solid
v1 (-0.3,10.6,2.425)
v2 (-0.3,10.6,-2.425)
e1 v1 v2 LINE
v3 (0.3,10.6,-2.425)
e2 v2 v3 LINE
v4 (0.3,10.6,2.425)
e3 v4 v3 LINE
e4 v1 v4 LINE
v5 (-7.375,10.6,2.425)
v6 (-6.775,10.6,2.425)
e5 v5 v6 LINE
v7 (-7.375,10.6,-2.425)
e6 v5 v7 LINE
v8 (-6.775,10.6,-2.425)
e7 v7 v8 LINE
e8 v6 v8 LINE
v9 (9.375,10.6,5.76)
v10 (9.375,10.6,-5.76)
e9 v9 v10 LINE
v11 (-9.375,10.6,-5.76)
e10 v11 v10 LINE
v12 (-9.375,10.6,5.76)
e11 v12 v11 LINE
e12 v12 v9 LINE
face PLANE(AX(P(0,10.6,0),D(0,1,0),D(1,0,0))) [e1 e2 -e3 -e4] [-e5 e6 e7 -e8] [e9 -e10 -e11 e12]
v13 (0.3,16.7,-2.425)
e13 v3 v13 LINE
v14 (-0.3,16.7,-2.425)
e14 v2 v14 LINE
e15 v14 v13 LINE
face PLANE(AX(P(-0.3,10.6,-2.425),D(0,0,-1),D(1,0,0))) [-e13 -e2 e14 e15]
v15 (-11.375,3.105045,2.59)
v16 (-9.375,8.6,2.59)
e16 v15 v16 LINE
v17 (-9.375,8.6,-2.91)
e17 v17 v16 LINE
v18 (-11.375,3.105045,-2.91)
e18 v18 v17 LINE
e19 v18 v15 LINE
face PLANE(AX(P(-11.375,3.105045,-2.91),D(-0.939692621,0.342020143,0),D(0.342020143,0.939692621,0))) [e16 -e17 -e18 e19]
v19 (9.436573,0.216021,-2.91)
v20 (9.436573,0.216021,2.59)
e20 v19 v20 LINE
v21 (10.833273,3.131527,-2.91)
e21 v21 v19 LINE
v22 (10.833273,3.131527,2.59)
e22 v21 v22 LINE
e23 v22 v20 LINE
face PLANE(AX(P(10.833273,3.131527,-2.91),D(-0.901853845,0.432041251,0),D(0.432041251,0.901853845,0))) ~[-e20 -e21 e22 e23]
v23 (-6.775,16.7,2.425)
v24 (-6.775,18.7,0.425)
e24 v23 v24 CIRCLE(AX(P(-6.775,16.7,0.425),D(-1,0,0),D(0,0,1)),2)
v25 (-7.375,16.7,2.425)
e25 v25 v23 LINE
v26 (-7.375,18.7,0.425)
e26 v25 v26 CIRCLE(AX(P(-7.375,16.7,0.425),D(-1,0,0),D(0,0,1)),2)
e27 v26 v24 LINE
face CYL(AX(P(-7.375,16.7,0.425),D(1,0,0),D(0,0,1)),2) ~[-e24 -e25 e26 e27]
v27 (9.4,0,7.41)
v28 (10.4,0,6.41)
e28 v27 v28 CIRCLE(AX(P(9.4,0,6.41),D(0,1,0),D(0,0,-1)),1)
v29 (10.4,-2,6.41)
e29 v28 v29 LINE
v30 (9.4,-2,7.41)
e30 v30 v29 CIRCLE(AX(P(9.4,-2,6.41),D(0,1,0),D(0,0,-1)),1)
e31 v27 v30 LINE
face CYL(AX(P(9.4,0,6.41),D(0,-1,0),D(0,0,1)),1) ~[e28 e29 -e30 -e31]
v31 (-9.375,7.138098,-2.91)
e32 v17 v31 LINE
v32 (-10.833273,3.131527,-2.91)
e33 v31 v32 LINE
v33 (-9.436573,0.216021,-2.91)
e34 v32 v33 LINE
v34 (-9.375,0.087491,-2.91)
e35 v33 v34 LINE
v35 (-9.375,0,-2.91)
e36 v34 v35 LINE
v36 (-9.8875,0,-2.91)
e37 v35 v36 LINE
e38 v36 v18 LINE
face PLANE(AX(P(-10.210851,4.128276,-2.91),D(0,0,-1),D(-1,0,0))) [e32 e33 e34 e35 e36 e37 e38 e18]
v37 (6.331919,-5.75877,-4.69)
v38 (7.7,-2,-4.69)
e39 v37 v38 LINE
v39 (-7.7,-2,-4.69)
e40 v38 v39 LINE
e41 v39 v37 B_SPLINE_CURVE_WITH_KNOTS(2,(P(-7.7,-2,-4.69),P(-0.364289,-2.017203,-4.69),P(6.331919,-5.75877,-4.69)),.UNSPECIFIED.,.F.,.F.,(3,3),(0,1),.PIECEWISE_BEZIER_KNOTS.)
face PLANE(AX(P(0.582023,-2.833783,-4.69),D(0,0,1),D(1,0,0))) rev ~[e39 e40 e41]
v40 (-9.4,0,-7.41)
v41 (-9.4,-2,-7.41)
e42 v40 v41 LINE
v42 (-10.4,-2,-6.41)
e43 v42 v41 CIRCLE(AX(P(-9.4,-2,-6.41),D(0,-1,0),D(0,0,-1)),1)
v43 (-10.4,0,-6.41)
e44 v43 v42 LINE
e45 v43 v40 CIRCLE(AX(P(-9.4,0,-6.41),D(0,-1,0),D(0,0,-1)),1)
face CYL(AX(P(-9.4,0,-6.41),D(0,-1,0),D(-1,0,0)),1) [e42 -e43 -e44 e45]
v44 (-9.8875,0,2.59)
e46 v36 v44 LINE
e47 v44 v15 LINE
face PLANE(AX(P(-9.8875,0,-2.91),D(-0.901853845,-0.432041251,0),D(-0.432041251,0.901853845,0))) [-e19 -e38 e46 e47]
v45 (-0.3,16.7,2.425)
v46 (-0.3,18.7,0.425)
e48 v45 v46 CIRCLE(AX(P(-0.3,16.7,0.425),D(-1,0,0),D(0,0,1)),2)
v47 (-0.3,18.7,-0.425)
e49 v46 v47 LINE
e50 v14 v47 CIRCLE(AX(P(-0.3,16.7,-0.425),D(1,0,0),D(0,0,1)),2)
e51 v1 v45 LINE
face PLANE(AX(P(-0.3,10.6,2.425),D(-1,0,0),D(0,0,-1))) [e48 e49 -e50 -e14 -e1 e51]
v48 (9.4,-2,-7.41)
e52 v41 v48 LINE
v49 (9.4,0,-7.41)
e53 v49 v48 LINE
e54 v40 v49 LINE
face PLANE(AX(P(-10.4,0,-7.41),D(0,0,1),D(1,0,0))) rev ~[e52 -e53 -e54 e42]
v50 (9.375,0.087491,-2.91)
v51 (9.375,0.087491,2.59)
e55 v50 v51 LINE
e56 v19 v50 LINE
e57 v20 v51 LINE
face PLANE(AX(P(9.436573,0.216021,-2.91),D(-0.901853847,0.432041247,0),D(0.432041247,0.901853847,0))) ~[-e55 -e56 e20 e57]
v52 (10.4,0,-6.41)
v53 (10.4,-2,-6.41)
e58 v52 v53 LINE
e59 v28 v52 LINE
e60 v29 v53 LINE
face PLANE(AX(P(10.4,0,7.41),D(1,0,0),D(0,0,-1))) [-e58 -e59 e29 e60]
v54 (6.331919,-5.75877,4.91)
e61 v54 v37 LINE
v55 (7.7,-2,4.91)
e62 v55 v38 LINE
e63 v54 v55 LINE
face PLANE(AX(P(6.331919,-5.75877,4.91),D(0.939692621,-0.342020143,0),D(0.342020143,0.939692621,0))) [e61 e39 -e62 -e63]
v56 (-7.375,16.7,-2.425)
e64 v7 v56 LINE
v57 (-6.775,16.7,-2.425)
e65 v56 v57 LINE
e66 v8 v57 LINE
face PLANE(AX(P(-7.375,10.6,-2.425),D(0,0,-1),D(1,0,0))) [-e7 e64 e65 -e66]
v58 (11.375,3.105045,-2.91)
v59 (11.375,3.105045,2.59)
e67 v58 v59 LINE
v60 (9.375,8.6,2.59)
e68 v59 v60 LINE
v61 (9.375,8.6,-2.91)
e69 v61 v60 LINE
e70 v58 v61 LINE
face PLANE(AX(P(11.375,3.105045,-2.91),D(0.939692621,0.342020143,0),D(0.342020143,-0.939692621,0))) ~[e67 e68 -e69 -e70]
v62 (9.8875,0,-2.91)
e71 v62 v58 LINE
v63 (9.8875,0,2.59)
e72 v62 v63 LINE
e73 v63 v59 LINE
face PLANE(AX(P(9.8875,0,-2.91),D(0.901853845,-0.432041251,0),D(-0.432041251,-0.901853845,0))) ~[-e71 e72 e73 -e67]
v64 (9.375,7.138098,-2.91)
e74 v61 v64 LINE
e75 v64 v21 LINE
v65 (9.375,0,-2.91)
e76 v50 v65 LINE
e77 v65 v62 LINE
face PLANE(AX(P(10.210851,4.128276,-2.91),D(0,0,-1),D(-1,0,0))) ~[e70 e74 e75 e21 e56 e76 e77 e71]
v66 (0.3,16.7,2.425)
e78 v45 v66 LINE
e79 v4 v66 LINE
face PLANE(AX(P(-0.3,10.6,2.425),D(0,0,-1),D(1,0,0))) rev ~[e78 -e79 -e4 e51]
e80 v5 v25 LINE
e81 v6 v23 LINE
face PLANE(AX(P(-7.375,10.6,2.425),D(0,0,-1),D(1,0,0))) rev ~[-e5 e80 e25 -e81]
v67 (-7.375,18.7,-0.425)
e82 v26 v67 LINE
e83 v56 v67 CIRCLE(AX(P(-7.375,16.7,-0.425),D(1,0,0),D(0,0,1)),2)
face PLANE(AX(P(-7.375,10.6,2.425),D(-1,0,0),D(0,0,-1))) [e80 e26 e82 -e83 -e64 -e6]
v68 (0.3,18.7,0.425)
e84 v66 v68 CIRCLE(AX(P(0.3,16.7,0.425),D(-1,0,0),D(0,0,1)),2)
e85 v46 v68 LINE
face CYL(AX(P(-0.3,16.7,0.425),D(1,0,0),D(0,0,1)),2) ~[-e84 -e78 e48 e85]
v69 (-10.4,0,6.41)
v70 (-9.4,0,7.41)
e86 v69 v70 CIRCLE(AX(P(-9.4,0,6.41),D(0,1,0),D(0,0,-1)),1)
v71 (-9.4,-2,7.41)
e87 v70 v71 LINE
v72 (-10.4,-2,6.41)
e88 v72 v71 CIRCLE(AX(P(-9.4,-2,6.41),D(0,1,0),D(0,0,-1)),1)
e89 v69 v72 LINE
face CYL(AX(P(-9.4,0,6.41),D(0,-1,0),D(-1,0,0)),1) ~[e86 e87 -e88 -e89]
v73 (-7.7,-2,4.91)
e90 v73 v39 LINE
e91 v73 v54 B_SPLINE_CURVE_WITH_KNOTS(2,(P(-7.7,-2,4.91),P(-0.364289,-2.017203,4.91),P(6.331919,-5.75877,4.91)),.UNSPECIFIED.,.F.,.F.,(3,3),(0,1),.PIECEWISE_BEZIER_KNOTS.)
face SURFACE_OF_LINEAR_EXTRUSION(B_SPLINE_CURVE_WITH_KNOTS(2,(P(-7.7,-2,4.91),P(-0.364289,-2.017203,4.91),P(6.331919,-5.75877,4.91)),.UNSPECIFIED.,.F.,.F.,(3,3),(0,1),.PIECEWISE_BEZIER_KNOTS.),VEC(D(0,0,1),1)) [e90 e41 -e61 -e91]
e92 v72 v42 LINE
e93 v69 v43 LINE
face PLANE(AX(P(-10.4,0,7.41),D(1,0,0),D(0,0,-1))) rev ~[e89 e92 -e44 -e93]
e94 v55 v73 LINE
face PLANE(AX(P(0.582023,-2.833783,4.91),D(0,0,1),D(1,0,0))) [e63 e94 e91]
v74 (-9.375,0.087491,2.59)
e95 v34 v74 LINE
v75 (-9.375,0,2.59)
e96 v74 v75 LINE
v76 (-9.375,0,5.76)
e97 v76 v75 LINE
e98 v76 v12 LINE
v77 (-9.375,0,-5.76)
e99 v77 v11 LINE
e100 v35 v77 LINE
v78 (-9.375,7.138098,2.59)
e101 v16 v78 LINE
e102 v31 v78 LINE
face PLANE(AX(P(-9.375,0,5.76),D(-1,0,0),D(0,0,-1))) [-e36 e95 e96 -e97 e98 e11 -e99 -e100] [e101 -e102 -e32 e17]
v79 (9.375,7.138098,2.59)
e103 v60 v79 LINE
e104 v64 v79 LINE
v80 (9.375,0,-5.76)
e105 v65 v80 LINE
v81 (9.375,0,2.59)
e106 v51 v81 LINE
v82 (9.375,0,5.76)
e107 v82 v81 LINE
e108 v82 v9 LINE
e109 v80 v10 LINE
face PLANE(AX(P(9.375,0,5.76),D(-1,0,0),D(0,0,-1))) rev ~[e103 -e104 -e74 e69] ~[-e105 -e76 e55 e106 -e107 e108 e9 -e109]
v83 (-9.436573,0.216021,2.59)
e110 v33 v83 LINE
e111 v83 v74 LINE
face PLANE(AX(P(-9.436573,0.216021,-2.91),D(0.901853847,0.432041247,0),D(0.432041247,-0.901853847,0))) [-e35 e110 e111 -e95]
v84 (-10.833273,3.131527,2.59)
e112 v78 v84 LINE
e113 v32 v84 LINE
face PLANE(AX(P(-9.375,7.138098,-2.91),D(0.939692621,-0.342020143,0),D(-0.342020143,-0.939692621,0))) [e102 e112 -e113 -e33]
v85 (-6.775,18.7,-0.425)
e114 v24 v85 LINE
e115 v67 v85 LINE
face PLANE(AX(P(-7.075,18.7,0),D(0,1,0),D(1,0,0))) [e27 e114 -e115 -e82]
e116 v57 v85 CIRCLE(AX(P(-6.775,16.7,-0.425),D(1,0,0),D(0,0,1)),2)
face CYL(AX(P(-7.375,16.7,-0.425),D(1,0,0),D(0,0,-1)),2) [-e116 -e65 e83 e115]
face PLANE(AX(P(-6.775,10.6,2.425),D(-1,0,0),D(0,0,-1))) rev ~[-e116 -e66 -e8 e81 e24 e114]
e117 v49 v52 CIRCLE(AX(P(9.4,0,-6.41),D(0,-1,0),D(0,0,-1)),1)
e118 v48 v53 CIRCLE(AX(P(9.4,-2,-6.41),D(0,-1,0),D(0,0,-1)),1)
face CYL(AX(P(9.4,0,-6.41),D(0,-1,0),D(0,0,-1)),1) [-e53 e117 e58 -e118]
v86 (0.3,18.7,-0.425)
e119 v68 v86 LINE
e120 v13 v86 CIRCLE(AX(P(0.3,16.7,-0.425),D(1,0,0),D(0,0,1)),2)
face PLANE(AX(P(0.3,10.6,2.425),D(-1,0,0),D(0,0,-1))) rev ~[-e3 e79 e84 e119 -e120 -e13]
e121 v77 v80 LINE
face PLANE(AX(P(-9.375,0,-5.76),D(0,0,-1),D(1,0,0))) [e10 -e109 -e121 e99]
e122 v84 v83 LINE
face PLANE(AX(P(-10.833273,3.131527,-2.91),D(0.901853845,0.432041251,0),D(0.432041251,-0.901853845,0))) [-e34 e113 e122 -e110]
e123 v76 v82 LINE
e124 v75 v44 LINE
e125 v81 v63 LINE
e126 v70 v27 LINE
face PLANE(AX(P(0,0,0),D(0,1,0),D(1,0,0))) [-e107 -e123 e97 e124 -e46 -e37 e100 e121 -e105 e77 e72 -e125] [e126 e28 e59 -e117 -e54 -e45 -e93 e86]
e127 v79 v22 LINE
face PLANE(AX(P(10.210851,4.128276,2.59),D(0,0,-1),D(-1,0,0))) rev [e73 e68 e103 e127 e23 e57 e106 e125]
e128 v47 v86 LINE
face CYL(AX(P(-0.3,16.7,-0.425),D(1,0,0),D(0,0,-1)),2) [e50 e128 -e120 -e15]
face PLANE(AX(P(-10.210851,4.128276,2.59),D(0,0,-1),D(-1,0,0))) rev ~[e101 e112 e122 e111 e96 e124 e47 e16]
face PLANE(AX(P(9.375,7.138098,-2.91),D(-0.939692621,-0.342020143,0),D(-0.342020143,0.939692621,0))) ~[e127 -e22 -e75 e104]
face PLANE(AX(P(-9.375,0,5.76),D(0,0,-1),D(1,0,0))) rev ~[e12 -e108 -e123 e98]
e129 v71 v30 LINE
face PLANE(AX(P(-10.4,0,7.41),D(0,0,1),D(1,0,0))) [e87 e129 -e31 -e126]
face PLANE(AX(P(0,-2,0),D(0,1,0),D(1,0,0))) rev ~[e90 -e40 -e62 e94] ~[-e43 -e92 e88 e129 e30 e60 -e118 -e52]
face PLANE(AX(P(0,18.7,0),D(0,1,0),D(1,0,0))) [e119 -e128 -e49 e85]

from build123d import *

# Parameters (mm, degrees)
SKETCH1_W           = 18.75
SKETCH1_H           = 11.52
BOSS_EXTRUDE1_DEPTH = 10.6
SKETCH2_W           = 20.8
SKETCH2_H           = 14.82
BOSS_EXTRUDE2_DEPTH = 2
BOSS_EXTRUDE3_START = -2.5
BOSS_EXTRUDE3_DEPTH = 9.6
SKETCH5_W           = 0.6
SKETCH5_H           = 4.85
BOSS_EXTRUDE4_DEPTH = 8.1
BOSS_EXTRUDE5_START = -2.85
BOSS_EXTRUDE5_DEPTH = 5.5
FILLET1_R           = 2
FILLET2_R           = 1


with BuildPart() as part:
    # Sketch1 → Boss-Extrude1 (new body)
    with BuildSketch(Plane(origin=(0, 0, 0), x_dir=(1, 0, 0), z_dir=(0, 1, 0))):
        Rectangle(SKETCH1_W, SKETCH1_H)
    extrude(amount=BOSS_EXTRUDE1_DEPTH)

    # Sketch2 → Boss-Extrude2 (add)
    with BuildSketch(Plane(origin=(0, 0, 0), x_dir=(1, 0, 0), z_dir=(0, 1, 0))):
        Rectangle(SKETCH2_W, SKETCH2_H)
    extrude(amount=-BOSS_EXTRUDE2_DEPTH)

    # Sketch4 → Boss-Extrude3 (add)
    with BuildSketch(Plane.XY.offset(7.41).offset(BOSS_EXTRUDE3_START)):
        with BuildLine():
            Line((7.7, -2), (-7.7, -2))
            add(Edge.make_bspline(
                [(-7.7, -2), (-0.364289246, -2.017203107), (6.331919427, -5.758770483)],
                knots=[0, 0, 0, 1, 1, 1], degree=2))
            Line((6.331919427, -5.758770483), (7.7, -2))
        make_face()
    extrude(amount=-BOSS_EXTRUDE3_DEPTH)

    # Sketch5 → Boss-Extrude4 (add)
    with BuildSketch(Plane(origin=(0, 10.6, 0), x_dir=(1, 0, 0), z_dir=(0, 1, 0))):
        with Locations((-7.075, 0)):
            Rectangle(SKETCH5_W, SKETCH5_H)
        Rectangle(SKETCH5_W, SKETCH5_H)
    extrude(amount=BOSS_EXTRUDE4_DEPTH)

    # Sketch6 → Boss-Extrude5 (add)
    with BuildSketch(Plane(origin=(0, 0, -5.76), x_dir=(-1, 0, 0), z_dir=(0, 0, -1)).offset(BOSS_EXTRUDE5_START)):
        Polygon((11.375, 3.105045161), (9.375, 8.6), (9.375, 7.1380978), (10.833272639, 3.131526652), (9.436573077, 0.216020625), (9.375, 0.087491424), (9.375, 0), (9.8875, 0), align=None)
    boss_extrude5 = extrude(amount=-BOSS_EXTRUDE5_DEPTH)

    # Mirror1: Boss-Extrude5 across plane
    add(boss_extrude5.mirror(Plane(origin=(0, 0, 0), x_dir=(0, 0, 1), z_dir=(1, 0, 0))))

    # Fillet1
    fillet1_edges = [part.edges().sort_by_distance(p)[0] for p in [
        (-7.075, 18.7, -2.425),
        (-7.075, 18.7, 2.425),
        (0, 18.7, -2.425),
        (0, 18.7, 2.425),
    ]]
    fillet(fillet1_edges, radius=FILLET1_R)

    # Fillet2
    fillet2_edges = [part.edges().sort_by_distance(p)[0] for p in [
        (10.4, -1, -7.41),
        (10.4, -1, 7.41),
        (-10.4, -1, 7.41),
        (-10.4, -1, -7.41),
    ]]
    fillet(fillet2_edges, radius=FILLET2_R)


solid = part.part
